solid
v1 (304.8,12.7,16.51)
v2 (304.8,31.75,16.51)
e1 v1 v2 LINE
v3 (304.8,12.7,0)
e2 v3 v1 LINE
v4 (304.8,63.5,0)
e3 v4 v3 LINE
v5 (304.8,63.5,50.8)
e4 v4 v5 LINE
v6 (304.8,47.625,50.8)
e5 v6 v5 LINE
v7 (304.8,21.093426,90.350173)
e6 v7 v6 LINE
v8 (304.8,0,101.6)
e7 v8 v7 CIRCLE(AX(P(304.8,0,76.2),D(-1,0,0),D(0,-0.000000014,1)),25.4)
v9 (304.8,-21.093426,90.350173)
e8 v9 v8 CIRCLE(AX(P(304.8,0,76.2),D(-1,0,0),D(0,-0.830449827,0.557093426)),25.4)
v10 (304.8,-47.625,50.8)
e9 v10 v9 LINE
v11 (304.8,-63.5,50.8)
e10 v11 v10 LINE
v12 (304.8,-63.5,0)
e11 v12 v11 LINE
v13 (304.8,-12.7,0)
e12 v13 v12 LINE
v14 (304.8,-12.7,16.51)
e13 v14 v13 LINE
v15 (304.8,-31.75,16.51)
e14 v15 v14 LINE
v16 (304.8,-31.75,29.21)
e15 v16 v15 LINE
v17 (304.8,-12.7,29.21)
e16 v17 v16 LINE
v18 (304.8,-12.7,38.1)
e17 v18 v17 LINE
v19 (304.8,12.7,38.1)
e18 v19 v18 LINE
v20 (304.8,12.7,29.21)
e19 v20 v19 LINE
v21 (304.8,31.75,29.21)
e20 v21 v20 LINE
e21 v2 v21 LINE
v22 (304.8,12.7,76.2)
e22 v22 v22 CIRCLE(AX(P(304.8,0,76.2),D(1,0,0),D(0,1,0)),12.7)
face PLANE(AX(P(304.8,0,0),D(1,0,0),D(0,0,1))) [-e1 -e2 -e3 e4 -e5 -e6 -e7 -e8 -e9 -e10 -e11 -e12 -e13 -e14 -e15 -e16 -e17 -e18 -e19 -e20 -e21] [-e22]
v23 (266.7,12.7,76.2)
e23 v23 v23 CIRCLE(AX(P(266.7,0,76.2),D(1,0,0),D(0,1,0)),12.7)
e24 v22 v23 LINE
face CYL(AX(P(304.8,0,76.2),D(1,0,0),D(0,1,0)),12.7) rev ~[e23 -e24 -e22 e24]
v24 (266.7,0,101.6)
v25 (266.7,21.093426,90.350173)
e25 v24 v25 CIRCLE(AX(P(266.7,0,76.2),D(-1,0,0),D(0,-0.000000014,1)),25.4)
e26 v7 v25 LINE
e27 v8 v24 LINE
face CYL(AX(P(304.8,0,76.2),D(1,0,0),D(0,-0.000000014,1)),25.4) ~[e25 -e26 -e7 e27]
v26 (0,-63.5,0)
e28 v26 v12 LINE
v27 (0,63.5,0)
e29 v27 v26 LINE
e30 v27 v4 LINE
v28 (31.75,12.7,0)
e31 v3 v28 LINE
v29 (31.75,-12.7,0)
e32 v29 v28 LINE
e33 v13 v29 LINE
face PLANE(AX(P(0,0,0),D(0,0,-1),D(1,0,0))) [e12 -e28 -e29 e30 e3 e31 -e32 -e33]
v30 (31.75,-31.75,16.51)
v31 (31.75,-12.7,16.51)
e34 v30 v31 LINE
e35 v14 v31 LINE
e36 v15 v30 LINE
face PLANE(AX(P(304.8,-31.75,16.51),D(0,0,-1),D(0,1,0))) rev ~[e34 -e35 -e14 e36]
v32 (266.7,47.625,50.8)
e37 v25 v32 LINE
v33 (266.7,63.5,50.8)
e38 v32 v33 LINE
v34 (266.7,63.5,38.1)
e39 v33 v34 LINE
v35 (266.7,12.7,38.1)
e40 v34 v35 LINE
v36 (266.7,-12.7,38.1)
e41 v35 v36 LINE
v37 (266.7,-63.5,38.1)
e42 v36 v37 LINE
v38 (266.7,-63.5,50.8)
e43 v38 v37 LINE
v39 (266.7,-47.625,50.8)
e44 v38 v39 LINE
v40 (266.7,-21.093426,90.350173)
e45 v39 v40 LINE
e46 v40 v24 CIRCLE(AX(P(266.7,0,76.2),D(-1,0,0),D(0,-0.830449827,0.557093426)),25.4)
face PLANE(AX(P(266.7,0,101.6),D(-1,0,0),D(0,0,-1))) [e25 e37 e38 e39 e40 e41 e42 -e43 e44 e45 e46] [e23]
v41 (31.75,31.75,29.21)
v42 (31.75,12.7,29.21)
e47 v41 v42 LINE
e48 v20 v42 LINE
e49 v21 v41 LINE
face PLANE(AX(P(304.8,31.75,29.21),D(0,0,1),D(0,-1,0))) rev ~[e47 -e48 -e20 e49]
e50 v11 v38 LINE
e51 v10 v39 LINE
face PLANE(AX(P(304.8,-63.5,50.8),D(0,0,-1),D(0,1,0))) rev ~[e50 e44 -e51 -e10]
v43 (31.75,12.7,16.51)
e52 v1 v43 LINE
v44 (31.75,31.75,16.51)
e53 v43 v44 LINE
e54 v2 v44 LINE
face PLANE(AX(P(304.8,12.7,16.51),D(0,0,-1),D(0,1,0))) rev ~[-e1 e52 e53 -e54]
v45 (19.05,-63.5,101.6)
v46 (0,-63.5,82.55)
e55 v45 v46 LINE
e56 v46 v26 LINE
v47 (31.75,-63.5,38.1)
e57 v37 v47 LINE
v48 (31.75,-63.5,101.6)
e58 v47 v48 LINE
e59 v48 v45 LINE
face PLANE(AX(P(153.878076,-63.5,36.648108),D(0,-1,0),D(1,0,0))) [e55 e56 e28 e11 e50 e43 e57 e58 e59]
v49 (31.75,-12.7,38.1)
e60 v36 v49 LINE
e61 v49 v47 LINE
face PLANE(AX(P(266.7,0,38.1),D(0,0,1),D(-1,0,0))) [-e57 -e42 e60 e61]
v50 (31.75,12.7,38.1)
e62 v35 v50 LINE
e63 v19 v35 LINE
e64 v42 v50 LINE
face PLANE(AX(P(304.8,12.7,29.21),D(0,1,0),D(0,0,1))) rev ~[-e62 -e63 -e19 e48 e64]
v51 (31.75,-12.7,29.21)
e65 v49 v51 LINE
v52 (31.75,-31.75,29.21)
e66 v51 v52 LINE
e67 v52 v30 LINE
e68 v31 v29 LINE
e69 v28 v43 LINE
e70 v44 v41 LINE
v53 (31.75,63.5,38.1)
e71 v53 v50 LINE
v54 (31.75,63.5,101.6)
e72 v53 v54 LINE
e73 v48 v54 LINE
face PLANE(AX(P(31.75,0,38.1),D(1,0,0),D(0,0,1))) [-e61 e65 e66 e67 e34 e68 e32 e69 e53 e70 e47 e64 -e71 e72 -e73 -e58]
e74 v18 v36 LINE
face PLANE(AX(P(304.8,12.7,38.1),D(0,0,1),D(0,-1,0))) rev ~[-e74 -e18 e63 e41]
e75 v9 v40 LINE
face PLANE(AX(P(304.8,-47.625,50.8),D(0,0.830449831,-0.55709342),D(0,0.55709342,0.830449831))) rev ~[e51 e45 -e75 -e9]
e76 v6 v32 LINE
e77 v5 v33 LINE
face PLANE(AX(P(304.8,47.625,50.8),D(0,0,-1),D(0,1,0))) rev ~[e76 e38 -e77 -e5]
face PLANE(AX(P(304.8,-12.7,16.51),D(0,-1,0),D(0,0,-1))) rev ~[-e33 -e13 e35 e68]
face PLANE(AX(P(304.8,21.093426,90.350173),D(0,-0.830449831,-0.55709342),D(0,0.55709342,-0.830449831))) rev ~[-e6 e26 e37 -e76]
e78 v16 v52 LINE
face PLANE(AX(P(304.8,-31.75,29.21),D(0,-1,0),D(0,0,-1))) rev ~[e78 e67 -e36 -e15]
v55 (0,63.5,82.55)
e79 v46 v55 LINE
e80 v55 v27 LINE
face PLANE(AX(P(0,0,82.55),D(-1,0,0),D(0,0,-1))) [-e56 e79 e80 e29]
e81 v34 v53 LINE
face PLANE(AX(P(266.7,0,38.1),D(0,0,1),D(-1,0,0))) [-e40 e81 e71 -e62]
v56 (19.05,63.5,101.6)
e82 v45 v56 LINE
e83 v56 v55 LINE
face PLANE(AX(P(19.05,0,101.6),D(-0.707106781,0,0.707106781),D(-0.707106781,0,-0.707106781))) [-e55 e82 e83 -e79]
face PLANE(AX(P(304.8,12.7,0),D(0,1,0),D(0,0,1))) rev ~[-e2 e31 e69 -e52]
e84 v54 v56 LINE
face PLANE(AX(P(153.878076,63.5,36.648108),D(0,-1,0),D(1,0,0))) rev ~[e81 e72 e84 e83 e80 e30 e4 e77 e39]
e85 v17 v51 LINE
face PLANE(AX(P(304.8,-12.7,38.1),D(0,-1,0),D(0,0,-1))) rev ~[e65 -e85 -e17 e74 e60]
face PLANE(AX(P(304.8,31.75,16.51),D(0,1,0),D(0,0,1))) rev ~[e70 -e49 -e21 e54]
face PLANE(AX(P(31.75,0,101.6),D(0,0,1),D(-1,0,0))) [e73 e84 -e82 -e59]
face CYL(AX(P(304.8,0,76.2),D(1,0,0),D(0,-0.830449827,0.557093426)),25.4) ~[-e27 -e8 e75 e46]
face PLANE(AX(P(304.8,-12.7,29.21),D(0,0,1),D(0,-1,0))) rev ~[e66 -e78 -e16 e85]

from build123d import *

# Parameters (mm, degrees)
F1_DEPTH = 63.5
F3_DEPTH = 273.05
F4_R     = 12.7
F5_DEPTH = 38.1


with BuildPart() as f1:
    # F0 (on Front) → F1 (new body, symmetric)
    with BuildSketch(Plane.XZ):
        Polygon((0, 82.55), (0, 0), (304.8, 0), (304.8, 101.6), (266.7, 101.6), (266.7, 38.1), (31.75, 38.1), (31.75, 101.6), (19.05, 101.6), align=None)
    extrude(amount=F1_DEPTH, both=True)

    # F2 (on face) → F3 (cut)
    with BuildSketch(Plane.YZ.offset(304.8)):
        Polygon((-12.7, 16.51), (-12.7, 0), (12.7, 0), (12.7, 16.51), (31.75, 16.51), (31.75, 29.21), (12.7, 29.21), (12.7, 38.1), (-12.7, 38.1), (-12.7, 29.21), (-31.75, 29.21), (-31.75, 16.51), align=None)
    extrude(amount=-F3_DEPTH, mode=Mode.SUBTRACT)

    # F4 (on face) → F5 (cut)
    with BuildSketch(Plane.YZ.offset(304.8)):
        with BuildLine():
            Line((-63.5, 101.6), (-63.5, 50.8))
            Line((-63.5, 50.8), (-47.625, 50.8))
            Line((-47.625, 50.8), (-21.093426, 90.350173))
            ThreePointArc((-21.093426, 90.350173), (-11.952941, 98.611765), (0, 101.6))
            Line((0, 101.6), (-63.5, 101.6))
        make_face()
        with Locations((0, 76.2)):
            Circle(F4_R)
        with BuildLine():
            Line((63.5, 101.6), (0, 101.6))
            ThreePointArc((0, 101.6), (11.952941, 98.611765), (21.093426, 90.350173))
            Line((21.093426, 90.350173), (47.625, 50.8))
            Line((47.625, 50.8), (63.5, 50.8))
            Line((63.5, 50.8), (63.5, 101.6))
        make_face()
    extrude(amount=-F5_DEPTH, mode=Mode.SUBTRACT)


solid = f1.part
